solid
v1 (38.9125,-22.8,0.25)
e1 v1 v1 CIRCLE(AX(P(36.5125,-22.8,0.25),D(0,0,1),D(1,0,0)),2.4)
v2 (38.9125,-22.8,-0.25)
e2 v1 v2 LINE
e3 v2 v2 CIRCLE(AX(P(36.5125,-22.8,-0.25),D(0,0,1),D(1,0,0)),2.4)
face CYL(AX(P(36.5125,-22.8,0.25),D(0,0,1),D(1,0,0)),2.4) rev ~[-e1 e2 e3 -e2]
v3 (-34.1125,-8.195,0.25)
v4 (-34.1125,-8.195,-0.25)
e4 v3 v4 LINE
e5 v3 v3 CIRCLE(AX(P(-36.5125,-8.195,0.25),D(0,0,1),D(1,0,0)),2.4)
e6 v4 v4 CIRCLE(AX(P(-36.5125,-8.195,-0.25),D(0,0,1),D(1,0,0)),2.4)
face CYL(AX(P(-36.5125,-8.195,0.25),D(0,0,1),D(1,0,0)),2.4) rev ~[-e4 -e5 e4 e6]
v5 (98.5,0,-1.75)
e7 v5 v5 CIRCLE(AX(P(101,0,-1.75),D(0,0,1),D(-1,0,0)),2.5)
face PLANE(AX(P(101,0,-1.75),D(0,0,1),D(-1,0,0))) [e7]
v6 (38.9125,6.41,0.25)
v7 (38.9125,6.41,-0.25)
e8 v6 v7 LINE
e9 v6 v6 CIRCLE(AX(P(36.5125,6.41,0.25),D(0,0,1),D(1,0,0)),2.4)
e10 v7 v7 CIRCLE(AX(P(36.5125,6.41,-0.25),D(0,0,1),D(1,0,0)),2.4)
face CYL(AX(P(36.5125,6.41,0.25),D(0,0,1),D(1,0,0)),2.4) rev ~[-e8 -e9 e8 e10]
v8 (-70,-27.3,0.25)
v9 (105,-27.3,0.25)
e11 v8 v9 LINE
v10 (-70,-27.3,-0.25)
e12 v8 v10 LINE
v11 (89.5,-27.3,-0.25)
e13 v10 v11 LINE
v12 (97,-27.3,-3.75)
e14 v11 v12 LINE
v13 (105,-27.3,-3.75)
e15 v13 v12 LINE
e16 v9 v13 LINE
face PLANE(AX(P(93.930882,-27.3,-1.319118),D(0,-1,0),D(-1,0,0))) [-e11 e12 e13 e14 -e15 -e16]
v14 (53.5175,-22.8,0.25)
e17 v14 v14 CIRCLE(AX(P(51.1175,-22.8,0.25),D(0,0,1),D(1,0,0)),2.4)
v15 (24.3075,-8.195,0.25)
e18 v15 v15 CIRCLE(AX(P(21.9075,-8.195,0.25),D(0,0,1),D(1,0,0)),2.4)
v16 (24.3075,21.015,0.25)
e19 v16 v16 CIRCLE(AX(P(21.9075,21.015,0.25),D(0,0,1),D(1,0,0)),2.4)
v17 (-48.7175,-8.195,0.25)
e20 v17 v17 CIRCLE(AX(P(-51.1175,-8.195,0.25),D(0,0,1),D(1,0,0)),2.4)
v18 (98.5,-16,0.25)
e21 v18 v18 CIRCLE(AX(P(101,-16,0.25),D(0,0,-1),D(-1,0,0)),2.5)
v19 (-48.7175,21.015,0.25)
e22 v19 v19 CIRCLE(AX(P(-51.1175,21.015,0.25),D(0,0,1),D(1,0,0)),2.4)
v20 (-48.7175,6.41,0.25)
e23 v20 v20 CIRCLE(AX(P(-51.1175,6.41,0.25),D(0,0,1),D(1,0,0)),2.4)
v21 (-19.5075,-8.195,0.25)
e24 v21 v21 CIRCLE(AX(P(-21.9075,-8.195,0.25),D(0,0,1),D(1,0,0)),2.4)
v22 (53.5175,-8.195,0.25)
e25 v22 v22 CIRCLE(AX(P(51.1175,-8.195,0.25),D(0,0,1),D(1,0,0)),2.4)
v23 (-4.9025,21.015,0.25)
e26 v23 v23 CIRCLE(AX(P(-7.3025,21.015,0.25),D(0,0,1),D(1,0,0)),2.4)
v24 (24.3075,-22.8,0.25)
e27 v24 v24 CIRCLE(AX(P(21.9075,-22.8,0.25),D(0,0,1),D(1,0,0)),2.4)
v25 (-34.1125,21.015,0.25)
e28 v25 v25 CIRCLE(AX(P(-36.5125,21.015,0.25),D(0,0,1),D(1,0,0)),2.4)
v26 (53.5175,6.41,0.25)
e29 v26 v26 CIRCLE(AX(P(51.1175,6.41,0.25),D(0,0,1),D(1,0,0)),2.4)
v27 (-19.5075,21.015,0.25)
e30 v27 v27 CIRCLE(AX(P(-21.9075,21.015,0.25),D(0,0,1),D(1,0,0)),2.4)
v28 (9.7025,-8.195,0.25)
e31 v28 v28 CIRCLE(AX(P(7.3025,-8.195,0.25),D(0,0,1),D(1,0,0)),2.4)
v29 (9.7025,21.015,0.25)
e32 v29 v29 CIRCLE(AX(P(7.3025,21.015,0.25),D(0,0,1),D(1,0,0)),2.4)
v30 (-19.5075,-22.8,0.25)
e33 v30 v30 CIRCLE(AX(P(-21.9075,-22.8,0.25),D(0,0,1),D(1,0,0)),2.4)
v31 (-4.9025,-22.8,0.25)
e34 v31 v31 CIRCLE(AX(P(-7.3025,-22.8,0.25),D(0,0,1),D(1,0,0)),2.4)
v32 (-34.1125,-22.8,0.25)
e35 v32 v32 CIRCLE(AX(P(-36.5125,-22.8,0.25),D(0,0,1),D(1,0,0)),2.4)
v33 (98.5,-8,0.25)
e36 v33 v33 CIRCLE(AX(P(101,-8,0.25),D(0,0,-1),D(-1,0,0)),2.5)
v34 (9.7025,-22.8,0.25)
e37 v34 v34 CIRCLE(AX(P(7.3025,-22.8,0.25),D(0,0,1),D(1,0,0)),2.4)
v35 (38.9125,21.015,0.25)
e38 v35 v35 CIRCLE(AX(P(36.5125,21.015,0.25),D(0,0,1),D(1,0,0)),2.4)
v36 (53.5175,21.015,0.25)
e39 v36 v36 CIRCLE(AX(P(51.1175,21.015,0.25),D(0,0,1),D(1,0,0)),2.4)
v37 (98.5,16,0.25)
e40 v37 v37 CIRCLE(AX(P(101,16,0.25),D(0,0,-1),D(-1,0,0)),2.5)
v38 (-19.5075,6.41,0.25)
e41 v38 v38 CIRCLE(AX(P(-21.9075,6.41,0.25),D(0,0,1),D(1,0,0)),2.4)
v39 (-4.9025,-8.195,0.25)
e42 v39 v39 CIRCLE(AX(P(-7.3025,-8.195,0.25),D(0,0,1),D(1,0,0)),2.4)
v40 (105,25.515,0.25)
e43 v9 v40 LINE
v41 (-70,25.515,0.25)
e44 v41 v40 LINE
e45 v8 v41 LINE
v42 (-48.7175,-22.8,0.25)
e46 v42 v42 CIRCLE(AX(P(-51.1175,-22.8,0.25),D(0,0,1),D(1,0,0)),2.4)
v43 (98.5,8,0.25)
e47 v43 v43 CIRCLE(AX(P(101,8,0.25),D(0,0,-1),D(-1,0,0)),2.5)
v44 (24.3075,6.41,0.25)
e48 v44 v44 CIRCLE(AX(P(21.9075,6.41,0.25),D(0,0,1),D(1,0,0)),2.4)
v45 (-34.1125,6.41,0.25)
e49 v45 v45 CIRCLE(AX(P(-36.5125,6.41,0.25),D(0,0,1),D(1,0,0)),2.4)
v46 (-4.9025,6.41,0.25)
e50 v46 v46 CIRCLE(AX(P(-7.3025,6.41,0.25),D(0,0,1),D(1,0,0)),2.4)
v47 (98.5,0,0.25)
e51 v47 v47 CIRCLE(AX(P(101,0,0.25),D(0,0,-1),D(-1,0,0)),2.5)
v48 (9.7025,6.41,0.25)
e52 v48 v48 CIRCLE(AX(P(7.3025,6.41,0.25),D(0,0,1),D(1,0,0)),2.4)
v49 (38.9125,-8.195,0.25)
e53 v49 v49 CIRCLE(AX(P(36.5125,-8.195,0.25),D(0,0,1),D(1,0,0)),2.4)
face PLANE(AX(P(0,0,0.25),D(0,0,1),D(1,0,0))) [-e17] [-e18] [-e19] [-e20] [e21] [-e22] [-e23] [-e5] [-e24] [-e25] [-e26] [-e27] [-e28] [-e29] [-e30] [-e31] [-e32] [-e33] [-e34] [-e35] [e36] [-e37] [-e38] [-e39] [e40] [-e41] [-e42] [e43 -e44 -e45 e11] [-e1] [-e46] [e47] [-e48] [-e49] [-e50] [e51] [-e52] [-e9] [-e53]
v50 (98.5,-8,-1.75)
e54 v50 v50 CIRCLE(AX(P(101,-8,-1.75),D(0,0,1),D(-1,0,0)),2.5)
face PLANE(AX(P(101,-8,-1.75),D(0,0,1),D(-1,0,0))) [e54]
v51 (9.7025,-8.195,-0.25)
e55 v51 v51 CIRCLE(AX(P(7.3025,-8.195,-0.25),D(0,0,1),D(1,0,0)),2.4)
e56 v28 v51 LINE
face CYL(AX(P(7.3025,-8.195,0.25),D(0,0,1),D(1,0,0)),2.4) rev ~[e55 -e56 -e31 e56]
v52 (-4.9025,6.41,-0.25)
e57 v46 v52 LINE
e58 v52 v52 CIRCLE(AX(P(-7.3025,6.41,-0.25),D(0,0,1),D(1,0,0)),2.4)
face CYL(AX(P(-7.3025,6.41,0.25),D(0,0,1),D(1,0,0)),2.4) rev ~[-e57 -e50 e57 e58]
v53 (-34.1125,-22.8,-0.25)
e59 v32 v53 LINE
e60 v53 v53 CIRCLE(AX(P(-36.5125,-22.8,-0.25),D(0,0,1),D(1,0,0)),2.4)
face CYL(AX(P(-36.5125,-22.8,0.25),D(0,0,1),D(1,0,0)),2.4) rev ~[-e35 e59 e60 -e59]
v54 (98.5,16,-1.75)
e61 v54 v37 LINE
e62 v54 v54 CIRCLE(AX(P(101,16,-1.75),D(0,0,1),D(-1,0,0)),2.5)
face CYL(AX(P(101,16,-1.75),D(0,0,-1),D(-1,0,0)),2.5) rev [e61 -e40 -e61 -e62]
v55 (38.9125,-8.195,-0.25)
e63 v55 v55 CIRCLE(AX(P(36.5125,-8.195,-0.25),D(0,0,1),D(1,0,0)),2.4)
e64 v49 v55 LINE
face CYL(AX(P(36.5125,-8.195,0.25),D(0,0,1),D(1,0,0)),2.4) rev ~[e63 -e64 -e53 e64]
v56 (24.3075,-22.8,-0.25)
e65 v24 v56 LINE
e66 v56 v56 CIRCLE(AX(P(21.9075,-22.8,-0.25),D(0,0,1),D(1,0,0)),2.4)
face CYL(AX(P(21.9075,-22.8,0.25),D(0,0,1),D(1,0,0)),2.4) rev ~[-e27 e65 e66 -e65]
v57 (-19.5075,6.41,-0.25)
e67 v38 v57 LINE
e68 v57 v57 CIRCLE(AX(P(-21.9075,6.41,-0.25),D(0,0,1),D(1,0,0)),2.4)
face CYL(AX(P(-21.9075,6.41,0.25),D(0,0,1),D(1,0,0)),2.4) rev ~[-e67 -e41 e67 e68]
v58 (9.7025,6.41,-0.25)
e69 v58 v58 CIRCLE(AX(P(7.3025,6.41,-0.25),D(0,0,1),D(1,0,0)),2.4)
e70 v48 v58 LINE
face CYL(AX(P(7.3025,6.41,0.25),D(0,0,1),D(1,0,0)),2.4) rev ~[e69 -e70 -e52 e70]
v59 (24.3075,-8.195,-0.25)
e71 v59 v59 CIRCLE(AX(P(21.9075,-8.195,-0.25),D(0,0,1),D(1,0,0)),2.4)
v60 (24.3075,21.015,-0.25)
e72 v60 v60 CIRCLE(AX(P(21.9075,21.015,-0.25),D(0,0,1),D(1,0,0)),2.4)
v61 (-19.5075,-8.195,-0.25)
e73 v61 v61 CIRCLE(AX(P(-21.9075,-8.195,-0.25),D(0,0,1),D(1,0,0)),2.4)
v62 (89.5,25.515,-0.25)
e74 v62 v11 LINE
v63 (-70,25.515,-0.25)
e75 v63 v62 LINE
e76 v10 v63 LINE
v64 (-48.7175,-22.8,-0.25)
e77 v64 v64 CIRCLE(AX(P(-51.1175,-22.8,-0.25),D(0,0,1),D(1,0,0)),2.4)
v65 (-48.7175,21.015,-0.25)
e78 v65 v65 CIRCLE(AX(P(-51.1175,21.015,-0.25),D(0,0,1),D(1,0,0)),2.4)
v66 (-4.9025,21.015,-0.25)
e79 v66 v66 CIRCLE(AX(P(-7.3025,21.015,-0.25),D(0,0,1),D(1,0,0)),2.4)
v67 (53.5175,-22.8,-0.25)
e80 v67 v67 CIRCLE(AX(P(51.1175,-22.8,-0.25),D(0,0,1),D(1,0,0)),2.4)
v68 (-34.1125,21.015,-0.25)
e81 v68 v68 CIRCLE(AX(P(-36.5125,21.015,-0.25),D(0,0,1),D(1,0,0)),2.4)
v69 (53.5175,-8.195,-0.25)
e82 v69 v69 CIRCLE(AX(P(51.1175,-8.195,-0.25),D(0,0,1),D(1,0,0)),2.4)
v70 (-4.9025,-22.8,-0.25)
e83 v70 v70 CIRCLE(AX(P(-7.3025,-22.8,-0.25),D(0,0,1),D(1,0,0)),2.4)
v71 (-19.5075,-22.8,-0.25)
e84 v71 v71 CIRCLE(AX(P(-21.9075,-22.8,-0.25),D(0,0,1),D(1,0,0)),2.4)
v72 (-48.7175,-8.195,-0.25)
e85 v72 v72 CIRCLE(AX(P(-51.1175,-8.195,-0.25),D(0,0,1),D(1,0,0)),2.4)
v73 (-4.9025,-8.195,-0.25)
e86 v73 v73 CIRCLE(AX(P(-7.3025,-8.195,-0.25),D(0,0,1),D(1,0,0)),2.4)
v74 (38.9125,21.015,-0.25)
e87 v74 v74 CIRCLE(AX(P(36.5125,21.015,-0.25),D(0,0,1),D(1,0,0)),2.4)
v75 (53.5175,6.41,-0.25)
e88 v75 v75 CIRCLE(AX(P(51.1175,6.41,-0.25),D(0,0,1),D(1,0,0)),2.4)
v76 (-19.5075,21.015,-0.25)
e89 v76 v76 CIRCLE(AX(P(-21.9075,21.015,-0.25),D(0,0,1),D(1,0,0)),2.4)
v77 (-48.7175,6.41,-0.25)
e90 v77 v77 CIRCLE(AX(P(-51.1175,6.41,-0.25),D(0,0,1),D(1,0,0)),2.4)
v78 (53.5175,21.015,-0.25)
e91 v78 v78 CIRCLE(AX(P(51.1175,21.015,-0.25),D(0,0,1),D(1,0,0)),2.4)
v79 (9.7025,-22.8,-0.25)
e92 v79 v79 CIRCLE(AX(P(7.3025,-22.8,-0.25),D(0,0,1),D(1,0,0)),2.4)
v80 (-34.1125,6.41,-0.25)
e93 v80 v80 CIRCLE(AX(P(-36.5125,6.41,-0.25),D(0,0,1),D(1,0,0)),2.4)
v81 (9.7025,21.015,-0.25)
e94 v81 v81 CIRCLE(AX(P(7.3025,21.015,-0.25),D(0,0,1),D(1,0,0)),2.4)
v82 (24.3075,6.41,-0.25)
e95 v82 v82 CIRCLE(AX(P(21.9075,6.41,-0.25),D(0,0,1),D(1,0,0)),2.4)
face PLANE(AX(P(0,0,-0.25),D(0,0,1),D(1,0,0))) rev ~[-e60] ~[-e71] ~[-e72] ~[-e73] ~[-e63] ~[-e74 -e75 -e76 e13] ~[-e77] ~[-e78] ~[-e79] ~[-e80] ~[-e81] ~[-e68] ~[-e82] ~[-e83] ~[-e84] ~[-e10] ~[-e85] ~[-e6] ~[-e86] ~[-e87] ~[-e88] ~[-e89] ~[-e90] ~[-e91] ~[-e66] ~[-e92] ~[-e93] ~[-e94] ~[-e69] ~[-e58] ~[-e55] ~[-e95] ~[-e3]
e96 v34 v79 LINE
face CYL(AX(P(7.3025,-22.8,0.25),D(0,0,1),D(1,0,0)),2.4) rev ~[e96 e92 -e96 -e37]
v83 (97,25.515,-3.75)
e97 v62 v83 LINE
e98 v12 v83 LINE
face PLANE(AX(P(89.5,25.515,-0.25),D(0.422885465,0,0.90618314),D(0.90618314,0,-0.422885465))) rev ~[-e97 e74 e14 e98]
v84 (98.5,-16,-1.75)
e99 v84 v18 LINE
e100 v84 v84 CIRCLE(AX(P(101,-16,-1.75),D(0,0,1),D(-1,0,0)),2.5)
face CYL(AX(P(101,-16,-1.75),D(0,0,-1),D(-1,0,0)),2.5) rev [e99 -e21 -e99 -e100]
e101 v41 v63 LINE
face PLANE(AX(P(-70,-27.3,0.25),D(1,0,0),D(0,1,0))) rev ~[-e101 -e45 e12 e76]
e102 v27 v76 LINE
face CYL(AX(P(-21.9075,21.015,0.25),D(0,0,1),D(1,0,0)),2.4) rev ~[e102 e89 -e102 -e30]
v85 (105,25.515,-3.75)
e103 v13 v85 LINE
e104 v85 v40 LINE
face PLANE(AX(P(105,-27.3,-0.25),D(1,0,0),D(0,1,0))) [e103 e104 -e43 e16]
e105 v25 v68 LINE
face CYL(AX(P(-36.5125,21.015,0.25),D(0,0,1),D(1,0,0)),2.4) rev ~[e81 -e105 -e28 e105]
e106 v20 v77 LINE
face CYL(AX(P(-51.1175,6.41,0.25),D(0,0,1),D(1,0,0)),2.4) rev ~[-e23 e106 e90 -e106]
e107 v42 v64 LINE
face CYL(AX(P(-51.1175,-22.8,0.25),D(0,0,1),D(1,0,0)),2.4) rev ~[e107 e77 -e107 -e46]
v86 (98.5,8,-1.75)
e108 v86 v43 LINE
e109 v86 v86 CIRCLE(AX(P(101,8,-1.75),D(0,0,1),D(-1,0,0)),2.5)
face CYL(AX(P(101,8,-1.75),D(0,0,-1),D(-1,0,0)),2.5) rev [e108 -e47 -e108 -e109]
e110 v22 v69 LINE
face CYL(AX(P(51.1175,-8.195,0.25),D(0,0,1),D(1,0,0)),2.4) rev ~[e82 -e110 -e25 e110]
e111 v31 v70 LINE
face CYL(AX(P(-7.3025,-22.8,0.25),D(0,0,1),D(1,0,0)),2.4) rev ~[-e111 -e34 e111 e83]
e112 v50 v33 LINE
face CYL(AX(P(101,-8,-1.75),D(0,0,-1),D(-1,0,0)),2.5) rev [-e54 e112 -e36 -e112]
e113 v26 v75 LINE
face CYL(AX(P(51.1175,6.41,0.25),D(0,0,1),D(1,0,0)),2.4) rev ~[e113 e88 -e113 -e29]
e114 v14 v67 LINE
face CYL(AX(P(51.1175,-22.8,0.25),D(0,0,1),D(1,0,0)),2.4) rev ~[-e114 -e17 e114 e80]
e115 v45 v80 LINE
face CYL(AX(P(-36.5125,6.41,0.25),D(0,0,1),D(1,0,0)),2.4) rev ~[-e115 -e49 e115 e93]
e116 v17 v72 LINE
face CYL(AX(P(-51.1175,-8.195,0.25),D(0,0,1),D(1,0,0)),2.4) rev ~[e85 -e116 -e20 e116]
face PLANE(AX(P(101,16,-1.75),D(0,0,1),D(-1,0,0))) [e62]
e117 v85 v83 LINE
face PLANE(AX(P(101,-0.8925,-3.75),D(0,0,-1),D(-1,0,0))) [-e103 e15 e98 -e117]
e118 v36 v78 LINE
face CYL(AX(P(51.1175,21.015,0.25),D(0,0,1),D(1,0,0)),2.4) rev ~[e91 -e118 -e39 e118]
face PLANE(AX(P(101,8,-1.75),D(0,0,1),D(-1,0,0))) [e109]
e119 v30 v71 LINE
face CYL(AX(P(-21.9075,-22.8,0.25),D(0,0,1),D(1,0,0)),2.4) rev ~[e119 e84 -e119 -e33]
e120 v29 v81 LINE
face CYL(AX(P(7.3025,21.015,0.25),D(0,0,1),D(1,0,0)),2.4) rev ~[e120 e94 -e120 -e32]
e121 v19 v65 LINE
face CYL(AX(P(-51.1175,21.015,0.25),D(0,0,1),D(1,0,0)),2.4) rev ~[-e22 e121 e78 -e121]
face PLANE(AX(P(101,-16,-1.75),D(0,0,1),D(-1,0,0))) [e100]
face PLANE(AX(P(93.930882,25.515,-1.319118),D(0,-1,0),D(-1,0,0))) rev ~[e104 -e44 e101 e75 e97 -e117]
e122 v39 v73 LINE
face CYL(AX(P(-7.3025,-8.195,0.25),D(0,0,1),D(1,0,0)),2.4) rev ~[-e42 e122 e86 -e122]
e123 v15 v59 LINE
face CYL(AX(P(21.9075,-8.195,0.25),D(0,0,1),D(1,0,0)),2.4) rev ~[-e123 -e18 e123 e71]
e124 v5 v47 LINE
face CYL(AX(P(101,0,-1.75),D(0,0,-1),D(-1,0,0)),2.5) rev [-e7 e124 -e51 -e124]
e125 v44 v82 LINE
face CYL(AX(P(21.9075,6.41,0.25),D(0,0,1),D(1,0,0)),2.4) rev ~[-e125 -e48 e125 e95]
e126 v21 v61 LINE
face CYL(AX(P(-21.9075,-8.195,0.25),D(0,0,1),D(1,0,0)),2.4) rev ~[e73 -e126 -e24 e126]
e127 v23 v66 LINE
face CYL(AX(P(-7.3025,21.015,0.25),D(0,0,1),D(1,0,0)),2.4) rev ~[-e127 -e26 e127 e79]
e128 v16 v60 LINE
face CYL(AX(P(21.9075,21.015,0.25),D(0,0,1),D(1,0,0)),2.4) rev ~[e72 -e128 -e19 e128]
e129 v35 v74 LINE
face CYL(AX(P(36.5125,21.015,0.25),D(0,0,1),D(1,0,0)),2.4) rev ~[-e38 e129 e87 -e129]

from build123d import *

# Parameters (mm, degrees)
SKETCH1_W               = 250
SKETCH1_H               = 100
BOSS_EXTRUDE1_DEPTH     = 0.25
SKETCH2_R               = 2.4
CUT_EXTRUDE1_DEPTH      = 135.630048652
SKETCH3_W               = 375
SKETCH3_H               = 252.815
SKETCH3_W_2             = 175
SKETCH3_H_2             = 52.815
CUT_EXTRUDE_THIN1_DEPTH = 135.630048652
SKETCH6_W               = 8
SKETCH6_H               = 52.815
BOSS_EXTRUDE3_DEPTH     = 3.5
CUT_EXTRUDE2_DEPTH      = 109.564681181
CUT_EXTRUDE2_DEPTH_BACK = 2
SKETCH5_R               = 2.5
BOSS_EXTRUDE4_DEPTH     = 52.815


with BuildPart() as part:
    # Sketch1 → Boss-Extrude1 (new, symmetric)
    with BuildSketch(Plane.XY):
        Rectangle(SKETCH1_W, SKETCH1_H)
    extrude(amount=BOSS_EXTRUDE1_DEPTH, both=True)

    # Sketch2 → Cut-Extrude1 (cut, through all)
    with BuildSketch(Plane.XY.offset(0.25)):
        with Locations((-51.1175, -22.8)):
            Circle(SKETCH2_R)
        with Locations((-36.5125, -22.8)):
            Circle(SKETCH2_R)
        with Locations((-21.9075, -22.8)):
            Circle(SKETCH2_R)
        with Locations((-7.3025, -22.8)):
            Circle(SKETCH2_R)
        with Locations((7.3025, -22.8)):
            Circle(SKETCH2_R)
        with Locations((21.9075, -22.8)):
            Circle(SKETCH2_R)
        with Locations((36.5125, -22.8)):
            Circle(SKETCH2_R)
        with Locations((51.1175, -22.8)):
            Circle(SKETCH2_R)
        with Locations((-36.5125, -8.195)):
            Circle(SKETCH2_R)
        with Locations((-21.9075, -8.195)):
            Circle(SKETCH2_R)
        with Locations((-7.3025, -8.195)):
            Circle(SKETCH2_R)
        with Locations((7.3025, -8.195)):
            Circle(SKETCH2_R)
        with Locations((21.9075, -8.195)):
            Circle(SKETCH2_R)
        with Locations((36.5125, -8.195)):
            Circle(SKETCH2_R)
        with Locations((51.1175, -8.195)):
            Circle(SKETCH2_R)
        with Locations((-36.5125, 6.41)):
            Circle(SKETCH2_R)
        with Locations((-21.9075, 6.41)):
            Circle(SKETCH2_R)
        with Locations((-7.3025, 6.41)):
            Circle(SKETCH2_R)
        with Locations((7.3025, 6.41)):
            Circle(SKETCH2_R)
        with Locations((21.9075, 6.41)):
            Circle(SKETCH2_R)
        with Locations((36.5125, 6.41)):
            Circle(SKETCH2_R)
        with Locations((51.1175, 6.41)):
            Circle(SKETCH2_R)
        with Locations((-36.5125, 21.015)):
            Circle(SKETCH2_R)
        with Locations((-21.9075, 21.015)):
            Circle(SKETCH2_R)
        with Locations((-7.3025, 21.015)):
            Circle(SKETCH2_R)
        with Locations((7.3025, 21.015)):
            Circle(SKETCH2_R)
        with Locations((21.9075, 21.015)):
            Circle(SKETCH2_R)
        with Locations((36.5125, 21.015)):
            Circle(SKETCH2_R)
        with Locations((51.1175, 21.015)):
            Circle(SKETCH2_R)
        with Locations((-51.1175, -8.195)):
            Circle(SKETCH2_R)
        with Locations((-51.1175, 6.41)):
            Circle(SKETCH2_R)
        with Locations((-51.1175, 21.015)):
            Circle(SKETCH2_R)
    extrude(amount=-CUT_EXTRUDE1_DEPTH, mode=Mode.SUBTRACT)

    # Sketch3 → Cut-Extrude-Thin1 (cut, through all)
    with BuildSketch(Plane.XY.offset(0.25)):
        with Locations((17.5, -0.8925)):
            Rectangle(SKETCH3_W, SKETCH3_H)
        with Locations((17.5, -0.8925)):
            Rectangle(SKETCH3_W_2, SKETCH3_H_2, mode=Mode.SUBTRACT)
    extrude(amount=-CUT_EXTRUDE_THIN1_DEPTH, mode=Mode.SUBTRACT)

    # Sketch6 → Boss-Extrude3 (add)
    with BuildSketch(Plane(origin=(0, 0, -0.25), x_dir=(-1, 0, 0), z_dir=(0, 0, -1))):
        with Locations((-101, -0.8925)):
            Rectangle(SKETCH6_W, SKETCH6_H)
    extrude(amount=BOSS_EXTRUDE3_DEPTH)

    # Sketch5 → Cut-Extrude2 (cut, two sides: drawn at the far end of the back side and taken through both)
    with BuildSketch(Plane.XY.offset(0.25).offset(-CUT_EXTRUDE2_DEPTH_BACK)):
        with Locations(Location((101, -16, 0), (0, 0, 180))):
            Circle(SKETCH5_R)
        with Locations(Location((101, -8, 0), (0, 0, 180))):
            Circle(SKETCH5_R)
        with Locations(Location((101, 0, 0), (0, 0, 180))):
            Circle(SKETCH5_R)
        with Locations(Location((101, 8, 0), (0, 0, 180))):
            Circle(SKETCH5_R)
        with Locations(Location((101, 16, 0), (0, 0, 180))):
            Circle(SKETCH5_R)
    extrude(amount=CUT_EXTRUDE2_DEPTH + CUT_EXTRUDE2_DEPTH_BACK, mode=Mode.SUBTRACT)

    # Sketch8 → Boss-Extrude4 (add, through all)
    with BuildSketch(Plane(origin=(0, 25.515, 0), x_dir=(1, 0, 0), z_dir=(0, 1, 0))):
        Polygon((89.5, 0.25), (97, 3.75), (97, 0.25), align=None)
    extrude(amount=-BOSS_EXTRUDE4_DEPTH)


solid = part.part
